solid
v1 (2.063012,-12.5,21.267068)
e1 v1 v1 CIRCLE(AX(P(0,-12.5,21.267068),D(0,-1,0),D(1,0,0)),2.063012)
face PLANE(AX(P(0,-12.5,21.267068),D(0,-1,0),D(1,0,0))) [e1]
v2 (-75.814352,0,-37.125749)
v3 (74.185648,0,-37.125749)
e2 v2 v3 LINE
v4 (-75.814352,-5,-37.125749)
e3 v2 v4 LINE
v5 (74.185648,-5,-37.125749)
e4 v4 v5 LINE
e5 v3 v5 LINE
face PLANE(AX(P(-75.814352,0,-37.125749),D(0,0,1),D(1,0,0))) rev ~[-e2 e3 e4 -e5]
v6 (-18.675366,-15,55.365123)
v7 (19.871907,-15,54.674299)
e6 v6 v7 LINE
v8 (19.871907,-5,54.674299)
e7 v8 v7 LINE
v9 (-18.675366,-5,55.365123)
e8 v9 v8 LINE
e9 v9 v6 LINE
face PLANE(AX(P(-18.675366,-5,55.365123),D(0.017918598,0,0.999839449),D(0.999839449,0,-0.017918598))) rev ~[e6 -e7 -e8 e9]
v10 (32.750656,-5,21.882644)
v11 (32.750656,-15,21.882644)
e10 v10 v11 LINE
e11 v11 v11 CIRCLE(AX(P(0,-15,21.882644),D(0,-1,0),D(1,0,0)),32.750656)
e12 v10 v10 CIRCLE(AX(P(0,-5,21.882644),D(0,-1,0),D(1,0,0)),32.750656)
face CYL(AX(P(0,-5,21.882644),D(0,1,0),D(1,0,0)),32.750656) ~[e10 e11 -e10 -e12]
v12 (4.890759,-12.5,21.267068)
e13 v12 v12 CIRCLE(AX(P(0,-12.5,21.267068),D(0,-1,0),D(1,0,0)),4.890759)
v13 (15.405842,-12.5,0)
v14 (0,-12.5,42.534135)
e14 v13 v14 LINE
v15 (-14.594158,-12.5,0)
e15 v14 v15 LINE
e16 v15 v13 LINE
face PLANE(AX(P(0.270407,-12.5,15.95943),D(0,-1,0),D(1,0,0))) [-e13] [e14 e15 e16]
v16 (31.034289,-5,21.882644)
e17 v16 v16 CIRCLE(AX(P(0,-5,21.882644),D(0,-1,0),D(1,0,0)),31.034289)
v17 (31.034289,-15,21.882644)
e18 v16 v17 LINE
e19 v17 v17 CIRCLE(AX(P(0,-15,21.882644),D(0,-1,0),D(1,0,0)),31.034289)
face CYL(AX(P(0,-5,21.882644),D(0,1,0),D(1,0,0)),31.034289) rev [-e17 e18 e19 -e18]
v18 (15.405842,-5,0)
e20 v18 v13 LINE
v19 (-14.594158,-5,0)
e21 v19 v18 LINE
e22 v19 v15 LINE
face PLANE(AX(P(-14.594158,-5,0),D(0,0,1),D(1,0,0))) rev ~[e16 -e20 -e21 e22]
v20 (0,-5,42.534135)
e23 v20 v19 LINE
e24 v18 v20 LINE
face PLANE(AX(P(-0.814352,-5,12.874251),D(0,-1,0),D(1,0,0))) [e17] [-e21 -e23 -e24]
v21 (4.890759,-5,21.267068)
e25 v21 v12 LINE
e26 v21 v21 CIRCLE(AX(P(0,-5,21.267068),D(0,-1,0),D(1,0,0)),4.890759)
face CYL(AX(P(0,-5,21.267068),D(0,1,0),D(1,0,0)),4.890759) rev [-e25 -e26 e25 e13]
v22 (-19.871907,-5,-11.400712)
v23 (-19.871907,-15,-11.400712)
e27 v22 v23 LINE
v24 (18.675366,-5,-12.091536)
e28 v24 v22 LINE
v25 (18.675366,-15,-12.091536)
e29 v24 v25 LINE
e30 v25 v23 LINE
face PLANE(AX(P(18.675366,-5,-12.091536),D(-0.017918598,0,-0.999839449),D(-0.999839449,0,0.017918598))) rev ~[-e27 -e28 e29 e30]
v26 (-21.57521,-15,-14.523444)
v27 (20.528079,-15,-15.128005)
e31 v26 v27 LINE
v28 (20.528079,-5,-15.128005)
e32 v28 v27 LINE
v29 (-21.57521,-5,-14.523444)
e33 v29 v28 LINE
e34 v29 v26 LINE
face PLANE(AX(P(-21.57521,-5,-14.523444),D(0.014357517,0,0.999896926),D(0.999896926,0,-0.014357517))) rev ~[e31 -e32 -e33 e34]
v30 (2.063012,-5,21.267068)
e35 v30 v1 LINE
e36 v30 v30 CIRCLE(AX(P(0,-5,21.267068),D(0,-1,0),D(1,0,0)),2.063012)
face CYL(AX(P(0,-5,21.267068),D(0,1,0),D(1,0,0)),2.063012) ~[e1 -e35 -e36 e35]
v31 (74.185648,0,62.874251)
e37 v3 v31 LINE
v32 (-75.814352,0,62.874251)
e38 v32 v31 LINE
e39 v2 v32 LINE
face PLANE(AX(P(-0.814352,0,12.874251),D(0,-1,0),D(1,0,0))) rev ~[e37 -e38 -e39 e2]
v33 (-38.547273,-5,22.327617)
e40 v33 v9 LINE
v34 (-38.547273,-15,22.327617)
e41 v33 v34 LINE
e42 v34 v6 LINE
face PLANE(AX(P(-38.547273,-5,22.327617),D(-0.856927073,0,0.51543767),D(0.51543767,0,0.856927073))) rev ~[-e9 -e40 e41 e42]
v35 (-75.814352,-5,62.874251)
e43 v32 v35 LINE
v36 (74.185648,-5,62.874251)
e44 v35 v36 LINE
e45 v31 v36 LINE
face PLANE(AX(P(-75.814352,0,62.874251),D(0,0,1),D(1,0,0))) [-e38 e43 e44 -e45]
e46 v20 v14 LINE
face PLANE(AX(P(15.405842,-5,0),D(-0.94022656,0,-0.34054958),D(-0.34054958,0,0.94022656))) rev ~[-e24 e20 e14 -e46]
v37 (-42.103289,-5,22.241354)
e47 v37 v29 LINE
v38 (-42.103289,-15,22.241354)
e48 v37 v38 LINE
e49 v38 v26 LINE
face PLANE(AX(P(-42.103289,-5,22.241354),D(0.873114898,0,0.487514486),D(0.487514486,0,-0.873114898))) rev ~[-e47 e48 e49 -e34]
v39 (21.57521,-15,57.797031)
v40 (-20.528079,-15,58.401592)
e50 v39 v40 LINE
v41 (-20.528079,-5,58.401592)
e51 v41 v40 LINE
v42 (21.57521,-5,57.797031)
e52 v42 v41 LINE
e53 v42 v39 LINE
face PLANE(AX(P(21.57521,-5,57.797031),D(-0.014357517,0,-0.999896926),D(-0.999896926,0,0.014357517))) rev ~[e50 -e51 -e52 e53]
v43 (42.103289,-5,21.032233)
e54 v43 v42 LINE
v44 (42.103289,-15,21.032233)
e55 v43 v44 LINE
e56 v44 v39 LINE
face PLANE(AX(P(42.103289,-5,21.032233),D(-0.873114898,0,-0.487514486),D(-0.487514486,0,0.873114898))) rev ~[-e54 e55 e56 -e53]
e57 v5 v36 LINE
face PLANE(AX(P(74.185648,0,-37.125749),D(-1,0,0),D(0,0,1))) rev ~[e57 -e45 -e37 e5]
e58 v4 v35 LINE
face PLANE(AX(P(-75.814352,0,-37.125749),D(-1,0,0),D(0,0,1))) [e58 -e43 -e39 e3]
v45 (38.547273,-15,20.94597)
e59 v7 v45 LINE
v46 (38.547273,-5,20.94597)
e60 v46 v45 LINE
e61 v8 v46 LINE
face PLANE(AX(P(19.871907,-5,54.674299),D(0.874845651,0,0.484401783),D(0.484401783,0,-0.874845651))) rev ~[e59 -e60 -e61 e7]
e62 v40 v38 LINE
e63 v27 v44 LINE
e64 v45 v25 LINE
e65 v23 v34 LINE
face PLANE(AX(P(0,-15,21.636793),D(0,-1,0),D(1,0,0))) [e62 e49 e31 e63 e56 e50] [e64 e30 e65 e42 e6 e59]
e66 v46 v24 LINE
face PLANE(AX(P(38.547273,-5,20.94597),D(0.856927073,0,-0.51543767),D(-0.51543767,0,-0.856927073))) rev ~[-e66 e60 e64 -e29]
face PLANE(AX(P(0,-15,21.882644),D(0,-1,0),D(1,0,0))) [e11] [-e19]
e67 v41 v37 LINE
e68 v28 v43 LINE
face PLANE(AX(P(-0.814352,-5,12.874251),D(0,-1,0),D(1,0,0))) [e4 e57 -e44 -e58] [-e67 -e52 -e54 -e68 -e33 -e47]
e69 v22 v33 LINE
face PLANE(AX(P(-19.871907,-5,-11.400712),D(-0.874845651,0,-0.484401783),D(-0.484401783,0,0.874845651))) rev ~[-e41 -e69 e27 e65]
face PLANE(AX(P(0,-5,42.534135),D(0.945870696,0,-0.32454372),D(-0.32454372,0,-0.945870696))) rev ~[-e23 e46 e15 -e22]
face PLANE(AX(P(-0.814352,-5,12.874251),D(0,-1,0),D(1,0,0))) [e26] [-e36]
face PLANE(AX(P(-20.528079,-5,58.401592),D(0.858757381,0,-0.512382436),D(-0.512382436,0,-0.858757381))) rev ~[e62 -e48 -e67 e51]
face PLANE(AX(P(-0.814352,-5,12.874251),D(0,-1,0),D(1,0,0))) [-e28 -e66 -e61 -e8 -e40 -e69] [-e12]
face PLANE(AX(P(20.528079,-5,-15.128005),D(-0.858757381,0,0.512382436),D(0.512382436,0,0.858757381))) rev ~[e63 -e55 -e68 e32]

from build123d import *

# Parameters (mm, degrees)
F0_W     = 150
F0_H     = 100
F1_DEPTH = 5
F2_R     = 4.890759
F2_R_2   = 2.063012
F3_DEPTH = 7.5
F5_DEPTH = 10
F6_R     = 32.750656
F6_R_2   = 31.034289
F7_DEPTH = 10


with BuildPart() as f1:
    # F0 (on Front) → F1 (new body)
    with BuildSketch(Plane.XZ):
        with Locations((-0.814352, 12.874251)):
            Rectangle(F0_W, F0_H)
    extrude(amount=F1_DEPTH)

    # F2 (on face) → F3 (join)
    with BuildSketch(Plane.XZ.offset(5)):
        Polygon((0, 42.534135), (-14.594158, 0), (15.405842, 0), align=None)
        with Locations((0, 21.267068)):
            Circle(F2_R, mode=Mode.SUBTRACT)
        with Locations((0, 21.267068)):
            Circle(F2_R_2)
    extrude(amount=F3_DEPTH)

    # F4 (on face) → F5 (join)
    with BuildSketch(Plane.XZ.offset(5)):
        Polygon((-20.528079, 58.401592), (-42.103289, 22.241354), (-21.57521, -14.523444), (20.528079, -15.128005), (42.103289, 21.032233), (21.57521, 57.797031), align=None)
        Polygon((-19.871907, -11.400712), (-38.547273, 22.327617), (-18.675366, 55.365123), (19.871907, 54.674299), (38.547273, 20.94597), (18.675366, -12.091536), align=None, mode=Mode.SUBTRACT)
    extrude(amount=F5_DEPTH)

    # F6 (on face) → F7 (join)
    with BuildSketch(Plane.XZ.offset(5)):
        with Locations((0, 21.882644)):
            Circle(F6_R)
        with Locations((0, 21.882644)):
            Circle(F6_R_2, mode=Mode.SUBTRACT)
    extrude(amount=F7_DEPTH)


solid = f1.part
